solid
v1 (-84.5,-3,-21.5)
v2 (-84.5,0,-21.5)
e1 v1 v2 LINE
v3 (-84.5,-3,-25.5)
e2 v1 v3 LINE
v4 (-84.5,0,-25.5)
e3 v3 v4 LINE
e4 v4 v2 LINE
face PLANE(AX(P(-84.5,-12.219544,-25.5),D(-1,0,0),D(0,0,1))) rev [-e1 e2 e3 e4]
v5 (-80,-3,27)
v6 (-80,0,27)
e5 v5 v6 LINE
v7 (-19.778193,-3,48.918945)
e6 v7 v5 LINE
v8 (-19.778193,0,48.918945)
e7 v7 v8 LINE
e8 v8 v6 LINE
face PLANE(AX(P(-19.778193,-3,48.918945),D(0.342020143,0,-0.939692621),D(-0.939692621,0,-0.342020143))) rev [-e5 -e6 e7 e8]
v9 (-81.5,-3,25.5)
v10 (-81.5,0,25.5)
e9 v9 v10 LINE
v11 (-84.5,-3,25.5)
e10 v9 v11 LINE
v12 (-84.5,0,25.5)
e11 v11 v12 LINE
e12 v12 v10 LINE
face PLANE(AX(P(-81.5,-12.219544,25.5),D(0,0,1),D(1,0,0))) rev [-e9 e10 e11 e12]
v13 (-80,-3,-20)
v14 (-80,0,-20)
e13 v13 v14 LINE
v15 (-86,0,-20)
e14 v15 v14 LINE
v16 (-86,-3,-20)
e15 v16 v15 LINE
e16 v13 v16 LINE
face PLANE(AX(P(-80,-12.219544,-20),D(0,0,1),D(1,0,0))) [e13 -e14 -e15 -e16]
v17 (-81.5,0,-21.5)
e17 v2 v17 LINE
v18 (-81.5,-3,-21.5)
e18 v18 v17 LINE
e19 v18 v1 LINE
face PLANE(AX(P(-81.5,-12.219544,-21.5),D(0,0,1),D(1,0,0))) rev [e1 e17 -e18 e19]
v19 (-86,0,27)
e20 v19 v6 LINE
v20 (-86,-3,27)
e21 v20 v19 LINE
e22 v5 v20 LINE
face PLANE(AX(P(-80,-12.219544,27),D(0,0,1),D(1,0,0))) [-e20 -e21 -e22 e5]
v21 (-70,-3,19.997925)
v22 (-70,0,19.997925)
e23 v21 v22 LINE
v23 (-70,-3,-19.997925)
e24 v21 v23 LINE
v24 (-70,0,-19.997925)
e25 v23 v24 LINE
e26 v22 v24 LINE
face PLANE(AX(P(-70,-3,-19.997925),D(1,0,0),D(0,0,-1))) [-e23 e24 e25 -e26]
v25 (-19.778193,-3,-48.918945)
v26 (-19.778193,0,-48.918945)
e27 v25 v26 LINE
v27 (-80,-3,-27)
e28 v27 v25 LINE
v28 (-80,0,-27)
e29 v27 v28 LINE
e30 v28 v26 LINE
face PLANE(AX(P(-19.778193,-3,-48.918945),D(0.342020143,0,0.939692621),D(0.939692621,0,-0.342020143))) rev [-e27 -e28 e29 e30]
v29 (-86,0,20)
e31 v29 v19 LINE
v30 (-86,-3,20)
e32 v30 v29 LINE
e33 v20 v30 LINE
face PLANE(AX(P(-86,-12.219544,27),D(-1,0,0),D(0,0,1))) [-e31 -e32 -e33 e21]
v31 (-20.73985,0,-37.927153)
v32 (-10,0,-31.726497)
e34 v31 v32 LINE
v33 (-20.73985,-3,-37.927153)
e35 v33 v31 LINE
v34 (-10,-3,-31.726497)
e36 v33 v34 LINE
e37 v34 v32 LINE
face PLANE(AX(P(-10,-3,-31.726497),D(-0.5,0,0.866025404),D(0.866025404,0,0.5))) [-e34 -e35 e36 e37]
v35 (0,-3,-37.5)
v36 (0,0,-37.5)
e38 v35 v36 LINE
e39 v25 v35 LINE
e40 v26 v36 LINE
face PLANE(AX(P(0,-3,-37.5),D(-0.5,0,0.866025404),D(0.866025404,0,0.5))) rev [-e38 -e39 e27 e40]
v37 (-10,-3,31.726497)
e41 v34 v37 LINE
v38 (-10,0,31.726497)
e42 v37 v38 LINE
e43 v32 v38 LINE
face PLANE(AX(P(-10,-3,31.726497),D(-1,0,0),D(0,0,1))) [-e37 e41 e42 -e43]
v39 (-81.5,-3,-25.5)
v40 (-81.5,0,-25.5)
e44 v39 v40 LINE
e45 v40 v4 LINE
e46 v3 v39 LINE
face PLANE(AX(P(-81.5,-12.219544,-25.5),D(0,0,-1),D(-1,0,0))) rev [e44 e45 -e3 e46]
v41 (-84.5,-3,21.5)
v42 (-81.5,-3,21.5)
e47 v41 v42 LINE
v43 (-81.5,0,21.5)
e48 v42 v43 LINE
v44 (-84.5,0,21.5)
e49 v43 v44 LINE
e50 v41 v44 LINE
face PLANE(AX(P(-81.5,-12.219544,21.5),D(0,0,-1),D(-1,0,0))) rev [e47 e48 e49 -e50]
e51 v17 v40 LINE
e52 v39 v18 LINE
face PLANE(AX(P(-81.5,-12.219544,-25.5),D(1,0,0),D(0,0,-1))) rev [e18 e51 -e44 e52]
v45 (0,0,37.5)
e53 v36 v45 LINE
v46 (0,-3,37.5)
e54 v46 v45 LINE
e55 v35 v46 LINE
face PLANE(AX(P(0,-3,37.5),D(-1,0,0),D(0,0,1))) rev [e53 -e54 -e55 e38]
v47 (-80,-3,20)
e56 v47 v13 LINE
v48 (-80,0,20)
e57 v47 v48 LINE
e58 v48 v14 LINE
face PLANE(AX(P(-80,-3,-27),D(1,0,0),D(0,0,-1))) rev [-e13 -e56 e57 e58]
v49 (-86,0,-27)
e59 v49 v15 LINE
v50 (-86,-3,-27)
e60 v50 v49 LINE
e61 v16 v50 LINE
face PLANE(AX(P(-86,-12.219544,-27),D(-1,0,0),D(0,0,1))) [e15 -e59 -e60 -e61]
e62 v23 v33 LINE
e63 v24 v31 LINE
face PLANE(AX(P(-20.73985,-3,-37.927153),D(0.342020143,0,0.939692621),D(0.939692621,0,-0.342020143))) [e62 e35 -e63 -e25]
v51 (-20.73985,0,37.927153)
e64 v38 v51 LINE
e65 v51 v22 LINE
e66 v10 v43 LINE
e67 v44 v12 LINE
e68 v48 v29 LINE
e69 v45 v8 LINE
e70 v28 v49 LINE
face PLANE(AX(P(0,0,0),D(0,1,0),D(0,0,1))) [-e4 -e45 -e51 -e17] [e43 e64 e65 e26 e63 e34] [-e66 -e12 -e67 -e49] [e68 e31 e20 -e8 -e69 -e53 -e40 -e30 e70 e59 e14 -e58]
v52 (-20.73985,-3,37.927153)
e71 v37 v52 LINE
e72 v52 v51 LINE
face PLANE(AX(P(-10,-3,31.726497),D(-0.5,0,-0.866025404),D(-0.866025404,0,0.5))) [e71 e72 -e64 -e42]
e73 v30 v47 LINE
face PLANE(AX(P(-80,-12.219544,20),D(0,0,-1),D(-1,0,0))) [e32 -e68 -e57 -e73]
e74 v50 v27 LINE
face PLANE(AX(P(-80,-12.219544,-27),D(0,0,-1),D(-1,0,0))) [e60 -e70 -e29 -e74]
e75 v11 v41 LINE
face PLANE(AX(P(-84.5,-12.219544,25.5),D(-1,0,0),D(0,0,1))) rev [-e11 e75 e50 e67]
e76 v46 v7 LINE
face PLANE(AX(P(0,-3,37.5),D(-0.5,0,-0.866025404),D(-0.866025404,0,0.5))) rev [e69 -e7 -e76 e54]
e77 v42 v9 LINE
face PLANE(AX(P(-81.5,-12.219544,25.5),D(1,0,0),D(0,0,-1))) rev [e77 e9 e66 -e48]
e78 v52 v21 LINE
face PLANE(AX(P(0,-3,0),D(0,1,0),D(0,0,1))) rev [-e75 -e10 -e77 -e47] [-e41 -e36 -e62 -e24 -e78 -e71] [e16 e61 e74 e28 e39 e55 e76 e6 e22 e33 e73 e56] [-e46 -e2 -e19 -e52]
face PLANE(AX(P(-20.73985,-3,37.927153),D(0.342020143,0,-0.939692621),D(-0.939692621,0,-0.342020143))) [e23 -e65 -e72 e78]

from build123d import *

# Parameters (mm, degrees)
BOSS_EXTRUDE1_DEPTH = 3
BOSS_EXTRUDE2_DEPTH = 83
CUT_EXTRUDE1_DEPTH  = 81
SKETCH8_W           = 6
SKETCH8_H           = 7
SKETCH8_W_2         = 3
SKETCH8_H_2         = 4
BOSS_EXTRUDE4_DEPTH = 3


with BuildPart() as part:
    # Sketch2 → Boss-Extrude1 (new body)
    with BuildSketch(Plane(origin=(0, 0, 0), x_dir=(0, 0, -1), z_dir=(0, -1, 0))):
        Polygon((-37.5, 0), (37.5, 0), (48.918945144, -19.778193158), (27, -80), (-27, -80), (-48.918945144, -19.778193158), align=None)
        Polygon((-31.726497308, -10), (31.726497308, -10), (37.927152815, -20.739850379), (19.997924618, -70), (-19.997924618, -70), (-37.927152815, -20.739850379), align=None, mode=Mode.SUBTRACT)
    extrude(amount=BOSS_EXTRUDE1_DEPTH)

    # Sketch8 → Boss-Extrude4 (add)
    # profile 1 of 2: a face of its own
    with BuildSketch(Plane(origin=(0, 0, 0), x_dir=(1, 0, 0), z_dir=(0, 1, 0))):
        with Locations((-83, 23.5)):
            Rectangle(SKETCH8_W, SKETCH8_H)
        with Locations((-83, 23.5)):
            Rectangle(SKETCH8_W_2, SKETCH8_H_2, mode=Mode.SUBTRACT)
    # profile 2 of 2: a face of its own
    with BuildSketch(Plane(origin=(0, 0, 0), x_dir=(1, 0, 0), z_dir=(0, 1, 0))):
        with Locations((-83, -23.5)):
            Rectangle(SKETCH8_W, SKETCH8_H)
        with Locations((-83, -23.5)):
            Rectangle(SKETCH8_W_2, SKETCH8_H_2, mode=Mode.SUBTRACT)
    extrude(amount=-BOSS_EXTRUDE4_DEPTH)


with BuildPart() as body_2:
    # Sketch3 → Boss-Extrude2 (new body)
    with BuildSketch(Plane(origin=(-95, 0, 0), x_dir=(0, -1, 0), z_dir=(-1, 0, 0))):
        Polygon((13, 27), (0, 27), (0, -27), (13, -27), (13, -24), (3, -24), (3, 24), (13, 24), align=None)
    extrude(amount=BOSS_EXTRUDE2_DEPTH)

    # Sketch4 → Cut-Extrude1 (cut)
    with BuildSketch(Plane(origin=(-178, 0, 0), x_dir=(0, -1, 0), z_dir=(-1, 0, 0))):
        Polygon((2, 27), (1, 27), (1, 25), (2, 25), (4.25, 25), (4.25, 26), (2, 26), align=None)
        Polygon((4.25, -26), (2, -26), (2, -27), (1, -27), (1, -25), (2, -25), (4.25, -25), align=None)
    extrude(amount=-CUT_EXTRUDE1_DEPTH, mode=Mode.SUBTRACT)


solid = part.part
